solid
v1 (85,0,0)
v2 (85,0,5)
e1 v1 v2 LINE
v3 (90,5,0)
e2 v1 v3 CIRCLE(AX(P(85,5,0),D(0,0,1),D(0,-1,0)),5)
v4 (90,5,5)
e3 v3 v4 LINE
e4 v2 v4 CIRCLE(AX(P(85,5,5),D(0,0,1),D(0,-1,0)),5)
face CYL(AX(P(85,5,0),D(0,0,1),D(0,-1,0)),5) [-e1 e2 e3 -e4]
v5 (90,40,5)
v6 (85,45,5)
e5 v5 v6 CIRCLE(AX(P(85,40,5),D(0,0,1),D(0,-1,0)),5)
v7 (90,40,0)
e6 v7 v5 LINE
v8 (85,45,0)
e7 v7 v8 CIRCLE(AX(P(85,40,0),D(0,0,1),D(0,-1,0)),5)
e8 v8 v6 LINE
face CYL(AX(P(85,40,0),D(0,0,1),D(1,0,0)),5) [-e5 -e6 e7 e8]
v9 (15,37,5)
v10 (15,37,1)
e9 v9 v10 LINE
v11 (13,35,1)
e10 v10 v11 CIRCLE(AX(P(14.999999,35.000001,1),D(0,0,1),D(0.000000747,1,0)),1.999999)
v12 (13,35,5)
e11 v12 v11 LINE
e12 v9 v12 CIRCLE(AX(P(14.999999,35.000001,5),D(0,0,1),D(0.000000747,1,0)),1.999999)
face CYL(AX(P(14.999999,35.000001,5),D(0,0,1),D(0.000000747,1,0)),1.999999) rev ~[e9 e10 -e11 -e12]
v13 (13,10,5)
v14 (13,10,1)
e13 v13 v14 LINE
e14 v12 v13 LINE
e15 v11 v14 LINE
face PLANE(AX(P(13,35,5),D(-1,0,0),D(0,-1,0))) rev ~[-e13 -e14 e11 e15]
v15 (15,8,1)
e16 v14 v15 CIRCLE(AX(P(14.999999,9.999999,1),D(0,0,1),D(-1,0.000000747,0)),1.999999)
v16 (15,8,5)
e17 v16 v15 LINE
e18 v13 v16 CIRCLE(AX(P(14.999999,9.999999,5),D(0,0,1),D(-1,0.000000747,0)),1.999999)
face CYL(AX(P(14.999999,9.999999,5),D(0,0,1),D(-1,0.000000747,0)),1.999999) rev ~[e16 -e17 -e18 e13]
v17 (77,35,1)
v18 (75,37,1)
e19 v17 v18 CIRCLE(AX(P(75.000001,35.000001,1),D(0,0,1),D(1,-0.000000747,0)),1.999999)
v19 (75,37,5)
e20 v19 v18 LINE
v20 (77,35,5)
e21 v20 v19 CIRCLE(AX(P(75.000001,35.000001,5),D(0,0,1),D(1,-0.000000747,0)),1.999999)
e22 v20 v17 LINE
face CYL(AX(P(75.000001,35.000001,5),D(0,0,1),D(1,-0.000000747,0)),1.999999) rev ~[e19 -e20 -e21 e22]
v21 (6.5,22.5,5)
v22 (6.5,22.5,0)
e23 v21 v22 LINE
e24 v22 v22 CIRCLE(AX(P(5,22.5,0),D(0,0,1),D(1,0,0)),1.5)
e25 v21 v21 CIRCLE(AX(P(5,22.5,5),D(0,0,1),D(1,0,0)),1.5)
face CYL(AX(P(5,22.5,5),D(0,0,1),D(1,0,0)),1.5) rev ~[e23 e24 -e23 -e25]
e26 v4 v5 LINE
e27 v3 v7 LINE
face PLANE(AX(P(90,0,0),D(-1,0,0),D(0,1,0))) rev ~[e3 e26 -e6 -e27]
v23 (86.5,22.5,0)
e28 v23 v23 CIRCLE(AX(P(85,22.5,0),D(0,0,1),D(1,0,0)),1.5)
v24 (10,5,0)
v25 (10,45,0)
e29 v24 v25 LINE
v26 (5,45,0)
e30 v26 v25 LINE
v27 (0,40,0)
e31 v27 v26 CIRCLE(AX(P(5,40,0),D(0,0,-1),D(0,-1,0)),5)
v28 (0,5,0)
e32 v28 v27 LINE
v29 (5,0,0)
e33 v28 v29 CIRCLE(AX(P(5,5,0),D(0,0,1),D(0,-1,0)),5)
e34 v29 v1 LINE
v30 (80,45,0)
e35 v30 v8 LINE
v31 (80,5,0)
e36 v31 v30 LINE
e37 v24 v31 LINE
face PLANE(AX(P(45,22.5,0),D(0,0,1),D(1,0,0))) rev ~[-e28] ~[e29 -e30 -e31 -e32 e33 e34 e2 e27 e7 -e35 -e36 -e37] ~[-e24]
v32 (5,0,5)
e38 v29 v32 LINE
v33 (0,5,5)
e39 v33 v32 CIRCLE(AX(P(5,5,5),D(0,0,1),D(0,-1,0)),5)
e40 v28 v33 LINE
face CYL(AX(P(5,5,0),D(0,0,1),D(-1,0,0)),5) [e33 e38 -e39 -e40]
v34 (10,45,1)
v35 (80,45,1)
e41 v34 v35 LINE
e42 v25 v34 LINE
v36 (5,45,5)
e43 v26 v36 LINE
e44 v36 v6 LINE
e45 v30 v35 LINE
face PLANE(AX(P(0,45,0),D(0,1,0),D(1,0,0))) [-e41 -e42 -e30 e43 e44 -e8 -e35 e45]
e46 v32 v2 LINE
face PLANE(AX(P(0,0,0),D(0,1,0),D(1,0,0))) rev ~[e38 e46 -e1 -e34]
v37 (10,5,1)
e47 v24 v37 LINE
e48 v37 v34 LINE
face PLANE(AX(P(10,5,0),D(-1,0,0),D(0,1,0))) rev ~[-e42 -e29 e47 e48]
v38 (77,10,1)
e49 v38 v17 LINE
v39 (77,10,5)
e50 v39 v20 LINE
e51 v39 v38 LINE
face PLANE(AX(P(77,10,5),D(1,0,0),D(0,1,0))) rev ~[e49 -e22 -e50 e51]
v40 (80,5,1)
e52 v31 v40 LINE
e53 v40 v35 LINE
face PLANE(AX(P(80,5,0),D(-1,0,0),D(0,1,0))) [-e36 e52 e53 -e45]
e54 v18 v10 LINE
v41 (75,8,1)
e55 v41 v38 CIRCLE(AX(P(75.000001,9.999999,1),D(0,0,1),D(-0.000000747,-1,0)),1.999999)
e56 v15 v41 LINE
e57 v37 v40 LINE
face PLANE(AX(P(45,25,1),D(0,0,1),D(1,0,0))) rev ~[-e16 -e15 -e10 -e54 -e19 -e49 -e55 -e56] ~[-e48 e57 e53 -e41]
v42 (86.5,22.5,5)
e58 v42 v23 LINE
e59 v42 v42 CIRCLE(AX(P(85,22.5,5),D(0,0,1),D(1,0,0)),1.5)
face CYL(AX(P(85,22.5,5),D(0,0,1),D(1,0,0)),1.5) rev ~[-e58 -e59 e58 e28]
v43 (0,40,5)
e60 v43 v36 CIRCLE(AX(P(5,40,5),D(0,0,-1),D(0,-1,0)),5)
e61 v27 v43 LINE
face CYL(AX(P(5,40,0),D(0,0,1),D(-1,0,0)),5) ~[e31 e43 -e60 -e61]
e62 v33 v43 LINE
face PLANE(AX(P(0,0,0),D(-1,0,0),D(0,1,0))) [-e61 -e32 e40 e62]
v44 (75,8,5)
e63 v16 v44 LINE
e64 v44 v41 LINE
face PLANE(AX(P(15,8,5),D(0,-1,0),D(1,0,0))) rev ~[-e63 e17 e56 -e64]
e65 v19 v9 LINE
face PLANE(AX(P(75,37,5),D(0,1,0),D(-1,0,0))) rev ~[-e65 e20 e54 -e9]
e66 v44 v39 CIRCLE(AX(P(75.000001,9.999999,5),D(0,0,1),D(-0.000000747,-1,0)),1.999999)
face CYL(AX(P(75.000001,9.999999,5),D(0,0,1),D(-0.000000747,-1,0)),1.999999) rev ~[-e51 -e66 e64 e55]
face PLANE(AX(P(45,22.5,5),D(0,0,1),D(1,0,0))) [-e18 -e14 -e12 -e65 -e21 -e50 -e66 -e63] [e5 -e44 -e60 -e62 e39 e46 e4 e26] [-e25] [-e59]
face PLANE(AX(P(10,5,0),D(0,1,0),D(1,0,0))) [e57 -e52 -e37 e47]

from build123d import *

# Parameters (mm, degrees)
F0_W     = 90
F0_H     = 45
F1_DEPTH = 5
F2_R     = 5
F3_W     = 70
F3_H     = 40
F4_DEPTH = 1
F6_DEPTH = 25
F7_R     = 1.5
F8_DEPTH = 25


with BuildPart() as f1:
    # F0 (on Top) → F1 (new body)
    with BuildSketch(Plane.XY):
        with Locations((45, 22.5)):
            Rectangle(F0_W, F0_H)
    extrude(amount=F1_DEPTH)

    # F2
    f2_edges = [f1.edges().sort_by_distance(p)[0] for p in [
        (90, 45, 2.5),
        (90, 0, 2.5),
        (0, 45, 2.5),
        (0, 0, 2.5),
    ]]
    fillet(f2_edges, radius=F2_R)

    # F3 (on Top) → F4 (cut)
    with BuildSketch(Plane.XY):
        with Locations((45, 25)):
            Rectangle(F3_W, F3_H)
    extrude(amount=F4_DEPTH, mode=Mode.SUBTRACT)

    # F5 (on face) → F6 (cut)
    with BuildSketch(Plane.XY.offset(5)):
        with BuildLine():
            Line((75, 37), (15, 37))
            ThreePointArc((15, 37), (13.585786, 36.414214), (13, 35))
            Line((13, 35), (13, 10))
            ThreePointArc((13, 10), (13.585786, 8.585786), (15, 8))
            Line((15, 8), (75, 8))
            ThreePointArc((75, 8), (76.414214, 8.585786), (77, 10))
            Line((77, 10), (77, 35))
            ThreePointArc((77, 35), (76.414214, 36.414214), (75, 37))
        make_face()
    extrude(amount=-F6_DEPTH, mode=Mode.SUBTRACT)

    # F7 (on face) → F8 (cut)
    with BuildSketch(Plane.XY.offset(5)):
        with Locations((5, 22.5)):
            Circle(F7_R)
        with Locations((85, 22.5)):
            Circle(F7_R)
    extrude(amount=-F8_DEPTH, mode=Mode.SUBTRACT)


solid = f1.part
